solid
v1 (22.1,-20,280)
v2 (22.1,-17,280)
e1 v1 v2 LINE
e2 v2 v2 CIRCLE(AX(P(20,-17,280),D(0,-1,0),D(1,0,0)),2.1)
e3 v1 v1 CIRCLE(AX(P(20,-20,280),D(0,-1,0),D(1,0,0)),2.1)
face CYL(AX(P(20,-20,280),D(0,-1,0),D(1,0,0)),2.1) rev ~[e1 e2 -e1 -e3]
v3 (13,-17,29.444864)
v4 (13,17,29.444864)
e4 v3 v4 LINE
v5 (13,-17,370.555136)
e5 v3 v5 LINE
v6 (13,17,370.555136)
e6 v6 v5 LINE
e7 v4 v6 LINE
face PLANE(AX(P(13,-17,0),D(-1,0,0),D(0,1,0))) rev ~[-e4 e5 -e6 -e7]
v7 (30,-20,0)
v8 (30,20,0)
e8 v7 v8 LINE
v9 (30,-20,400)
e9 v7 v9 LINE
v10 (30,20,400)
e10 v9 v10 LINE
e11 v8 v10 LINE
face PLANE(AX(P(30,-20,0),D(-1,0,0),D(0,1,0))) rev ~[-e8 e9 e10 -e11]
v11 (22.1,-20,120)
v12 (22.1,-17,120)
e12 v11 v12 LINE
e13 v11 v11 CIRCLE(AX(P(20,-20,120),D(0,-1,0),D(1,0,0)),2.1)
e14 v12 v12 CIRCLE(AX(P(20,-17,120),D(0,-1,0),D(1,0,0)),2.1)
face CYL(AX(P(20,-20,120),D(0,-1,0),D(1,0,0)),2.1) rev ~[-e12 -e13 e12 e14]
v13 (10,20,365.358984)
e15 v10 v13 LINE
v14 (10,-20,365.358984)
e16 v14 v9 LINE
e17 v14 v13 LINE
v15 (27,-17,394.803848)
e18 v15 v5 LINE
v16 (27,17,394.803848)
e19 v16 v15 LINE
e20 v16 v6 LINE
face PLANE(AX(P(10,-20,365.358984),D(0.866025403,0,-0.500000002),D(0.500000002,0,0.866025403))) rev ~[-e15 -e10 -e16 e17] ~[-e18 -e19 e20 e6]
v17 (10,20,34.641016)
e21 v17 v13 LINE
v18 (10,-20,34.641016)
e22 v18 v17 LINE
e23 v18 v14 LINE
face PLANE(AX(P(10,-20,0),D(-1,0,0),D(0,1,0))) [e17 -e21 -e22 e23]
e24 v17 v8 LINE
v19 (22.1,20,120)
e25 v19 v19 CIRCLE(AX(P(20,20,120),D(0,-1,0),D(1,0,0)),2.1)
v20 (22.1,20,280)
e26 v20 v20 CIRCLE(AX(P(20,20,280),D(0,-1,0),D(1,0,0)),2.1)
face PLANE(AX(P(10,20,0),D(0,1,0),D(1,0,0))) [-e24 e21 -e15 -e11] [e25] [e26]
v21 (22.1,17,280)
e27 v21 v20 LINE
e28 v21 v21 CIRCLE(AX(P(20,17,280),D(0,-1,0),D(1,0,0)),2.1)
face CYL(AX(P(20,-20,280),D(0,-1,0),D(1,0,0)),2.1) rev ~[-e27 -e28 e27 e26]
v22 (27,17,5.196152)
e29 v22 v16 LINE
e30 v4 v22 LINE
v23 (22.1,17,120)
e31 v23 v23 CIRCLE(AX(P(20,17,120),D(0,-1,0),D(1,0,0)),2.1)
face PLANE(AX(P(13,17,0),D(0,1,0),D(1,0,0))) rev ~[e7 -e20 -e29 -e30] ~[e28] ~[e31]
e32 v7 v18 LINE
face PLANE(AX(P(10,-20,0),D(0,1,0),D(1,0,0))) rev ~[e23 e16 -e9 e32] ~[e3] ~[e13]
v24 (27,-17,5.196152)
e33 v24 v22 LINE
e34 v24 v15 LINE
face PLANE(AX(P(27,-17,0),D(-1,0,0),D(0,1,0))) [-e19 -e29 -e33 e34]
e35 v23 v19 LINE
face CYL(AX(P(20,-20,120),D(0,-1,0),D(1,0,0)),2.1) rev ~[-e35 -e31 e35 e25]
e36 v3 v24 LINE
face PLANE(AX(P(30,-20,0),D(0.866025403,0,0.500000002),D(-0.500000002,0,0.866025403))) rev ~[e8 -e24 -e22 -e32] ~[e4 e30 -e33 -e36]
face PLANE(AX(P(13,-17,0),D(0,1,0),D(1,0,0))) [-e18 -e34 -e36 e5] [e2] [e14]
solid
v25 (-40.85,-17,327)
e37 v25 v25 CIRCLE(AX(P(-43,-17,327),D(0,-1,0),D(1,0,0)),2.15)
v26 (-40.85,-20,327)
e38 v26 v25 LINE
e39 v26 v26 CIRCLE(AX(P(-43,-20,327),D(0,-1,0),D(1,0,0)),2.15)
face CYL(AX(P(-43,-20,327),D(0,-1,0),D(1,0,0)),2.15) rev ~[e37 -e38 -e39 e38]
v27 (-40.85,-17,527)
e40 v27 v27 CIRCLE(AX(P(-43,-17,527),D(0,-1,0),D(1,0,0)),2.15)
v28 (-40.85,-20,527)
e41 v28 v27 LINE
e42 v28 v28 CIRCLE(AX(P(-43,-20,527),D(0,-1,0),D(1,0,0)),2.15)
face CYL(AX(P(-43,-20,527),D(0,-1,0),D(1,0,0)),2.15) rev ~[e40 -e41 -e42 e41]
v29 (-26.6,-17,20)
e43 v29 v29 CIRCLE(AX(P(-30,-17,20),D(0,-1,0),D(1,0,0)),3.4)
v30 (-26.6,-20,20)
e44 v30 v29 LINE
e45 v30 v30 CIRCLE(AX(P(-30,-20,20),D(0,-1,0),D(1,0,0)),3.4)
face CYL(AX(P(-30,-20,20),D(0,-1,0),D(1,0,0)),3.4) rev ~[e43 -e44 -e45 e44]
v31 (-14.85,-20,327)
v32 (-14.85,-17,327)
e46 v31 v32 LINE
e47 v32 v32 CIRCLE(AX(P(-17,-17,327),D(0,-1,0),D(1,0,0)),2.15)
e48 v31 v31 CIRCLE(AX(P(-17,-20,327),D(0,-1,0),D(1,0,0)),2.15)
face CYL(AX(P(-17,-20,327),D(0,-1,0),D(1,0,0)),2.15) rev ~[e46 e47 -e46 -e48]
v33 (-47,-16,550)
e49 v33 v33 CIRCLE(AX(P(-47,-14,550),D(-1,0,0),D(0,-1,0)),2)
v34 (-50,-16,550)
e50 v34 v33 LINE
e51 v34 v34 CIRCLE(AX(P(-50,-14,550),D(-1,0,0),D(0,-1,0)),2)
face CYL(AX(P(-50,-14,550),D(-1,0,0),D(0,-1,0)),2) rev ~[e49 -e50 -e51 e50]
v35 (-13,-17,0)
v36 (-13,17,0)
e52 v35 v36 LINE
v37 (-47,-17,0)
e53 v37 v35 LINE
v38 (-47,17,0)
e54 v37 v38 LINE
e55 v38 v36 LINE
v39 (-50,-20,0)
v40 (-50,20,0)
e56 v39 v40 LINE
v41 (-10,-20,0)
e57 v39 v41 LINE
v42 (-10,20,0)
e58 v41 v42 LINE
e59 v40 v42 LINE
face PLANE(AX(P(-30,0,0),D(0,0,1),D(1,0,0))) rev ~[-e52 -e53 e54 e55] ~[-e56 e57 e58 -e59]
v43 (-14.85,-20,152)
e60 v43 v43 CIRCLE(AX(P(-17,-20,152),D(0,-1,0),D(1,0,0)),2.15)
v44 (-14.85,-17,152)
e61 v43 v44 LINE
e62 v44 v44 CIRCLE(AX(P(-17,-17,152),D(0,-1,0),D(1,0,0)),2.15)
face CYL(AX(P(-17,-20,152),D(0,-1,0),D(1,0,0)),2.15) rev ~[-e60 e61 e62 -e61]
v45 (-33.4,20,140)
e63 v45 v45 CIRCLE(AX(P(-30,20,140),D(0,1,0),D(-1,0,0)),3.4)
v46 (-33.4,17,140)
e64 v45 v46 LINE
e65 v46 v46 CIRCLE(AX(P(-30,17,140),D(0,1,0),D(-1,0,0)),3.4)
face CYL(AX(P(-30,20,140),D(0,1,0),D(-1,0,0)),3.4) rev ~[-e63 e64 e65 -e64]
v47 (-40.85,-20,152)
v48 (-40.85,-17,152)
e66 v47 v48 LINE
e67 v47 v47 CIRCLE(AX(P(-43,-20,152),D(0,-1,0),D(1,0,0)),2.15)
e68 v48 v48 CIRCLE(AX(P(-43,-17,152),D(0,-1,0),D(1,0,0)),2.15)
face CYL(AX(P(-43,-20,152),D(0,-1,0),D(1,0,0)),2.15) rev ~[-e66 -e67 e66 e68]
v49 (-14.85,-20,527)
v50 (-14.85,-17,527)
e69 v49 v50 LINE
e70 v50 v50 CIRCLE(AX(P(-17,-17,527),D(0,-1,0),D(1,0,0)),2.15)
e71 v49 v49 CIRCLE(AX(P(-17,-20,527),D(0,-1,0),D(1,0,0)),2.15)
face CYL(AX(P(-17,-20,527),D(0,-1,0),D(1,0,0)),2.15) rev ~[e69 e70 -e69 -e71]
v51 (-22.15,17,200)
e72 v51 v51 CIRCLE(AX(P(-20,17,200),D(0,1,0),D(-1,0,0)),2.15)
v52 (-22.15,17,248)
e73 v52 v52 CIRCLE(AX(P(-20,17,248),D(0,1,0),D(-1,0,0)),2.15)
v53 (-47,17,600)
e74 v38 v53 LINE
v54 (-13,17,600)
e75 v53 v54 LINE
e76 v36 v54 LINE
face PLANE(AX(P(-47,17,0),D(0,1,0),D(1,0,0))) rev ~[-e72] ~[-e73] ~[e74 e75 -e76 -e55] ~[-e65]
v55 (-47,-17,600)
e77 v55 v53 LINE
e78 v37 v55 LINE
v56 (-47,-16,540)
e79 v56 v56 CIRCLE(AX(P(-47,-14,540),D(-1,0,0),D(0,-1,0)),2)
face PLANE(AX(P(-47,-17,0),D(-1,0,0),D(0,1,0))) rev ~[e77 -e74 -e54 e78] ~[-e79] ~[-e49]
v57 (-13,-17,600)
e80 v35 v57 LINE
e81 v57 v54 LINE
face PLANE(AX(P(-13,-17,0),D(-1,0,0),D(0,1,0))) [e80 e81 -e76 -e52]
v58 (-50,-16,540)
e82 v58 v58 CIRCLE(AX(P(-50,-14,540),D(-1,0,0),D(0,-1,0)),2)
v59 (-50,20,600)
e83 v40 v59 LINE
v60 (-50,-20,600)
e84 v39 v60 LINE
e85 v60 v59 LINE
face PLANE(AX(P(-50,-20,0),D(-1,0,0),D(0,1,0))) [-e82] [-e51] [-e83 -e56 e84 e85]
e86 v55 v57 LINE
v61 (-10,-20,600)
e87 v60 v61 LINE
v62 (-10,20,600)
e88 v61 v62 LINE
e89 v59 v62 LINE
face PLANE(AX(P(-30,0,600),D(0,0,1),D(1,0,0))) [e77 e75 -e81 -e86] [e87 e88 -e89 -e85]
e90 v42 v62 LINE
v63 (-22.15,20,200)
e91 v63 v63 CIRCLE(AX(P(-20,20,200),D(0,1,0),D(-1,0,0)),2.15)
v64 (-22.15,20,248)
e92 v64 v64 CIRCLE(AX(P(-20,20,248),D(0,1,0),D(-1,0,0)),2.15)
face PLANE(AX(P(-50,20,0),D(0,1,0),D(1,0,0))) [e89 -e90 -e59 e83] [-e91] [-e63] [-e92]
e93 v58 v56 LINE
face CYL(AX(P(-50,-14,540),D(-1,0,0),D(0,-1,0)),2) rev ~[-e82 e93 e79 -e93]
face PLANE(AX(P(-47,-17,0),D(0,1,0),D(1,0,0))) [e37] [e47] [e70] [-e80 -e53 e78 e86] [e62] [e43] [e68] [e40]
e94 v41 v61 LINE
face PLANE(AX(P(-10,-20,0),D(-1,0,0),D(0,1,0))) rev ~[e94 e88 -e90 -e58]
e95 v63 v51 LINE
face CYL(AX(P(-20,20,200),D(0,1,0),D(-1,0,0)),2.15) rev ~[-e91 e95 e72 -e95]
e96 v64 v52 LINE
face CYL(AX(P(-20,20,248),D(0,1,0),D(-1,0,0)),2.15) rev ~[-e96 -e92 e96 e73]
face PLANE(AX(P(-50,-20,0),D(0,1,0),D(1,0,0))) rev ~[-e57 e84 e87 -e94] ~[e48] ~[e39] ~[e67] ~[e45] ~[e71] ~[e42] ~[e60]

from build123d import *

# Parameters (mm, degrees)
F0_W      = 40
F0_H      = 40
F0_W_2    = 34
F0_H_2    = 34
F1_DEPTH  = 600
F0_W_3    = 20
F0_W_4    = 14
F2_DEPTH  = 400
F4_DEPTH  = 40.001
F5_R      = 2.15
F5_R_2    = 3.4
F6_DEPTH  = 25
F7_R      = 2
F8_DEPTH  = 25
F9_R      = 3.4
F9_R_2    = 2.15
F10_DEPTH = 25
F11_R     = 2.1
F12_DEPTH = 40.001


with BuildPart() as f1:
    # F0 (on Top) → F1 (new body)
    with BuildSketch(Plane.XY):
        with Locations((-30, 0)):
            Rectangle(F0_W, F0_H)
        with Locations((-30, 0)):
            Rectangle(F0_W_2, F0_H_2, mode=Mode.SUBTRACT)
    extrude(amount=F1_DEPTH)

    # F5 (on face) → F6 (cut)
    with BuildSketch(Plane.XZ.offset(20)):
        with Locations((-43, 527)):
            Circle(F5_R)
        with Locations((-17, 527)):
            Circle(F5_R)
        with Locations((-43, 327)):
            Circle(F5_R)
        with Locations((-17, 327)):
            Circle(F5_R)
        with Locations((-43, 152)):
            Circle(F5_R)
        with Locations((-17, 152)):
            Circle(F5_R)
        with Locations((-30, 20)):
            Circle(F5_R_2)
    extrude(amount=-F6_DEPTH, mode=Mode.SUBTRACT)

    # F7 (on face) → F8 (cut)
    with BuildSketch(Plane(origin=(-50, 0, 0), x_dir=(0, -1, 0), z_dir=(-1, 0, 0))):
        with Locations((14, 550)):
            Circle(F7_R)
        with Locations((14, 540)):
            Circle(F7_R)
    extrude(amount=-F8_DEPTH, mode=Mode.SUBTRACT)

    # F9 (on face) → F10 (cut)
    with BuildSketch(Plane(origin=(0, 20, 0), x_dir=(-1, 0, 0), z_dir=(0, 1, 0))):
        with Locations((30, 140)):
            Circle(F9_R)
        with Locations((20, 200)):
            Circle(F9_R_2)
        with Locations((20, 248)):
            Circle(F9_R_2)
    extrude(amount=-F10_DEPTH, mode=Mode.SUBTRACT)


with BuildPart() as f2:
    # F0 (on Top) → F2 (new body)
    with BuildSketch(Plane.XY):
        with Locations((20, 0)):
            Rectangle(F0_W_3, F0_H)
        with Locations((20, 0)):
            Rectangle(F0_W_4, F0_H_2, mode=Mode.SUBTRACT)
    extrude(amount=F2_DEPTH)

    # F3 (on face) → F4 (cut, through all)
    with BuildSketch(Plane.XZ.offset(20)):
        Polygon((10, 365.358984), (30, 400), (10, 400), align=None)
        Polygon((10, 0), (30, 0), (10, 34.641016), align=None)
    extrude(amount=-F4_DEPTH, mode=Mode.SUBTRACT)

    # F11 (on face) → F12 (cut, through all)
    with BuildSketch(Plane.XZ.offset(20)):
        with Locations((20, 280)):
            Circle(F11_R)
        with Locations((20, 120)):
            Circle(F11_R)
    extrude(amount=-F12_DEPTH, mode=Mode.SUBTRACT)


solid = Compound([f1.part, f2.part])
